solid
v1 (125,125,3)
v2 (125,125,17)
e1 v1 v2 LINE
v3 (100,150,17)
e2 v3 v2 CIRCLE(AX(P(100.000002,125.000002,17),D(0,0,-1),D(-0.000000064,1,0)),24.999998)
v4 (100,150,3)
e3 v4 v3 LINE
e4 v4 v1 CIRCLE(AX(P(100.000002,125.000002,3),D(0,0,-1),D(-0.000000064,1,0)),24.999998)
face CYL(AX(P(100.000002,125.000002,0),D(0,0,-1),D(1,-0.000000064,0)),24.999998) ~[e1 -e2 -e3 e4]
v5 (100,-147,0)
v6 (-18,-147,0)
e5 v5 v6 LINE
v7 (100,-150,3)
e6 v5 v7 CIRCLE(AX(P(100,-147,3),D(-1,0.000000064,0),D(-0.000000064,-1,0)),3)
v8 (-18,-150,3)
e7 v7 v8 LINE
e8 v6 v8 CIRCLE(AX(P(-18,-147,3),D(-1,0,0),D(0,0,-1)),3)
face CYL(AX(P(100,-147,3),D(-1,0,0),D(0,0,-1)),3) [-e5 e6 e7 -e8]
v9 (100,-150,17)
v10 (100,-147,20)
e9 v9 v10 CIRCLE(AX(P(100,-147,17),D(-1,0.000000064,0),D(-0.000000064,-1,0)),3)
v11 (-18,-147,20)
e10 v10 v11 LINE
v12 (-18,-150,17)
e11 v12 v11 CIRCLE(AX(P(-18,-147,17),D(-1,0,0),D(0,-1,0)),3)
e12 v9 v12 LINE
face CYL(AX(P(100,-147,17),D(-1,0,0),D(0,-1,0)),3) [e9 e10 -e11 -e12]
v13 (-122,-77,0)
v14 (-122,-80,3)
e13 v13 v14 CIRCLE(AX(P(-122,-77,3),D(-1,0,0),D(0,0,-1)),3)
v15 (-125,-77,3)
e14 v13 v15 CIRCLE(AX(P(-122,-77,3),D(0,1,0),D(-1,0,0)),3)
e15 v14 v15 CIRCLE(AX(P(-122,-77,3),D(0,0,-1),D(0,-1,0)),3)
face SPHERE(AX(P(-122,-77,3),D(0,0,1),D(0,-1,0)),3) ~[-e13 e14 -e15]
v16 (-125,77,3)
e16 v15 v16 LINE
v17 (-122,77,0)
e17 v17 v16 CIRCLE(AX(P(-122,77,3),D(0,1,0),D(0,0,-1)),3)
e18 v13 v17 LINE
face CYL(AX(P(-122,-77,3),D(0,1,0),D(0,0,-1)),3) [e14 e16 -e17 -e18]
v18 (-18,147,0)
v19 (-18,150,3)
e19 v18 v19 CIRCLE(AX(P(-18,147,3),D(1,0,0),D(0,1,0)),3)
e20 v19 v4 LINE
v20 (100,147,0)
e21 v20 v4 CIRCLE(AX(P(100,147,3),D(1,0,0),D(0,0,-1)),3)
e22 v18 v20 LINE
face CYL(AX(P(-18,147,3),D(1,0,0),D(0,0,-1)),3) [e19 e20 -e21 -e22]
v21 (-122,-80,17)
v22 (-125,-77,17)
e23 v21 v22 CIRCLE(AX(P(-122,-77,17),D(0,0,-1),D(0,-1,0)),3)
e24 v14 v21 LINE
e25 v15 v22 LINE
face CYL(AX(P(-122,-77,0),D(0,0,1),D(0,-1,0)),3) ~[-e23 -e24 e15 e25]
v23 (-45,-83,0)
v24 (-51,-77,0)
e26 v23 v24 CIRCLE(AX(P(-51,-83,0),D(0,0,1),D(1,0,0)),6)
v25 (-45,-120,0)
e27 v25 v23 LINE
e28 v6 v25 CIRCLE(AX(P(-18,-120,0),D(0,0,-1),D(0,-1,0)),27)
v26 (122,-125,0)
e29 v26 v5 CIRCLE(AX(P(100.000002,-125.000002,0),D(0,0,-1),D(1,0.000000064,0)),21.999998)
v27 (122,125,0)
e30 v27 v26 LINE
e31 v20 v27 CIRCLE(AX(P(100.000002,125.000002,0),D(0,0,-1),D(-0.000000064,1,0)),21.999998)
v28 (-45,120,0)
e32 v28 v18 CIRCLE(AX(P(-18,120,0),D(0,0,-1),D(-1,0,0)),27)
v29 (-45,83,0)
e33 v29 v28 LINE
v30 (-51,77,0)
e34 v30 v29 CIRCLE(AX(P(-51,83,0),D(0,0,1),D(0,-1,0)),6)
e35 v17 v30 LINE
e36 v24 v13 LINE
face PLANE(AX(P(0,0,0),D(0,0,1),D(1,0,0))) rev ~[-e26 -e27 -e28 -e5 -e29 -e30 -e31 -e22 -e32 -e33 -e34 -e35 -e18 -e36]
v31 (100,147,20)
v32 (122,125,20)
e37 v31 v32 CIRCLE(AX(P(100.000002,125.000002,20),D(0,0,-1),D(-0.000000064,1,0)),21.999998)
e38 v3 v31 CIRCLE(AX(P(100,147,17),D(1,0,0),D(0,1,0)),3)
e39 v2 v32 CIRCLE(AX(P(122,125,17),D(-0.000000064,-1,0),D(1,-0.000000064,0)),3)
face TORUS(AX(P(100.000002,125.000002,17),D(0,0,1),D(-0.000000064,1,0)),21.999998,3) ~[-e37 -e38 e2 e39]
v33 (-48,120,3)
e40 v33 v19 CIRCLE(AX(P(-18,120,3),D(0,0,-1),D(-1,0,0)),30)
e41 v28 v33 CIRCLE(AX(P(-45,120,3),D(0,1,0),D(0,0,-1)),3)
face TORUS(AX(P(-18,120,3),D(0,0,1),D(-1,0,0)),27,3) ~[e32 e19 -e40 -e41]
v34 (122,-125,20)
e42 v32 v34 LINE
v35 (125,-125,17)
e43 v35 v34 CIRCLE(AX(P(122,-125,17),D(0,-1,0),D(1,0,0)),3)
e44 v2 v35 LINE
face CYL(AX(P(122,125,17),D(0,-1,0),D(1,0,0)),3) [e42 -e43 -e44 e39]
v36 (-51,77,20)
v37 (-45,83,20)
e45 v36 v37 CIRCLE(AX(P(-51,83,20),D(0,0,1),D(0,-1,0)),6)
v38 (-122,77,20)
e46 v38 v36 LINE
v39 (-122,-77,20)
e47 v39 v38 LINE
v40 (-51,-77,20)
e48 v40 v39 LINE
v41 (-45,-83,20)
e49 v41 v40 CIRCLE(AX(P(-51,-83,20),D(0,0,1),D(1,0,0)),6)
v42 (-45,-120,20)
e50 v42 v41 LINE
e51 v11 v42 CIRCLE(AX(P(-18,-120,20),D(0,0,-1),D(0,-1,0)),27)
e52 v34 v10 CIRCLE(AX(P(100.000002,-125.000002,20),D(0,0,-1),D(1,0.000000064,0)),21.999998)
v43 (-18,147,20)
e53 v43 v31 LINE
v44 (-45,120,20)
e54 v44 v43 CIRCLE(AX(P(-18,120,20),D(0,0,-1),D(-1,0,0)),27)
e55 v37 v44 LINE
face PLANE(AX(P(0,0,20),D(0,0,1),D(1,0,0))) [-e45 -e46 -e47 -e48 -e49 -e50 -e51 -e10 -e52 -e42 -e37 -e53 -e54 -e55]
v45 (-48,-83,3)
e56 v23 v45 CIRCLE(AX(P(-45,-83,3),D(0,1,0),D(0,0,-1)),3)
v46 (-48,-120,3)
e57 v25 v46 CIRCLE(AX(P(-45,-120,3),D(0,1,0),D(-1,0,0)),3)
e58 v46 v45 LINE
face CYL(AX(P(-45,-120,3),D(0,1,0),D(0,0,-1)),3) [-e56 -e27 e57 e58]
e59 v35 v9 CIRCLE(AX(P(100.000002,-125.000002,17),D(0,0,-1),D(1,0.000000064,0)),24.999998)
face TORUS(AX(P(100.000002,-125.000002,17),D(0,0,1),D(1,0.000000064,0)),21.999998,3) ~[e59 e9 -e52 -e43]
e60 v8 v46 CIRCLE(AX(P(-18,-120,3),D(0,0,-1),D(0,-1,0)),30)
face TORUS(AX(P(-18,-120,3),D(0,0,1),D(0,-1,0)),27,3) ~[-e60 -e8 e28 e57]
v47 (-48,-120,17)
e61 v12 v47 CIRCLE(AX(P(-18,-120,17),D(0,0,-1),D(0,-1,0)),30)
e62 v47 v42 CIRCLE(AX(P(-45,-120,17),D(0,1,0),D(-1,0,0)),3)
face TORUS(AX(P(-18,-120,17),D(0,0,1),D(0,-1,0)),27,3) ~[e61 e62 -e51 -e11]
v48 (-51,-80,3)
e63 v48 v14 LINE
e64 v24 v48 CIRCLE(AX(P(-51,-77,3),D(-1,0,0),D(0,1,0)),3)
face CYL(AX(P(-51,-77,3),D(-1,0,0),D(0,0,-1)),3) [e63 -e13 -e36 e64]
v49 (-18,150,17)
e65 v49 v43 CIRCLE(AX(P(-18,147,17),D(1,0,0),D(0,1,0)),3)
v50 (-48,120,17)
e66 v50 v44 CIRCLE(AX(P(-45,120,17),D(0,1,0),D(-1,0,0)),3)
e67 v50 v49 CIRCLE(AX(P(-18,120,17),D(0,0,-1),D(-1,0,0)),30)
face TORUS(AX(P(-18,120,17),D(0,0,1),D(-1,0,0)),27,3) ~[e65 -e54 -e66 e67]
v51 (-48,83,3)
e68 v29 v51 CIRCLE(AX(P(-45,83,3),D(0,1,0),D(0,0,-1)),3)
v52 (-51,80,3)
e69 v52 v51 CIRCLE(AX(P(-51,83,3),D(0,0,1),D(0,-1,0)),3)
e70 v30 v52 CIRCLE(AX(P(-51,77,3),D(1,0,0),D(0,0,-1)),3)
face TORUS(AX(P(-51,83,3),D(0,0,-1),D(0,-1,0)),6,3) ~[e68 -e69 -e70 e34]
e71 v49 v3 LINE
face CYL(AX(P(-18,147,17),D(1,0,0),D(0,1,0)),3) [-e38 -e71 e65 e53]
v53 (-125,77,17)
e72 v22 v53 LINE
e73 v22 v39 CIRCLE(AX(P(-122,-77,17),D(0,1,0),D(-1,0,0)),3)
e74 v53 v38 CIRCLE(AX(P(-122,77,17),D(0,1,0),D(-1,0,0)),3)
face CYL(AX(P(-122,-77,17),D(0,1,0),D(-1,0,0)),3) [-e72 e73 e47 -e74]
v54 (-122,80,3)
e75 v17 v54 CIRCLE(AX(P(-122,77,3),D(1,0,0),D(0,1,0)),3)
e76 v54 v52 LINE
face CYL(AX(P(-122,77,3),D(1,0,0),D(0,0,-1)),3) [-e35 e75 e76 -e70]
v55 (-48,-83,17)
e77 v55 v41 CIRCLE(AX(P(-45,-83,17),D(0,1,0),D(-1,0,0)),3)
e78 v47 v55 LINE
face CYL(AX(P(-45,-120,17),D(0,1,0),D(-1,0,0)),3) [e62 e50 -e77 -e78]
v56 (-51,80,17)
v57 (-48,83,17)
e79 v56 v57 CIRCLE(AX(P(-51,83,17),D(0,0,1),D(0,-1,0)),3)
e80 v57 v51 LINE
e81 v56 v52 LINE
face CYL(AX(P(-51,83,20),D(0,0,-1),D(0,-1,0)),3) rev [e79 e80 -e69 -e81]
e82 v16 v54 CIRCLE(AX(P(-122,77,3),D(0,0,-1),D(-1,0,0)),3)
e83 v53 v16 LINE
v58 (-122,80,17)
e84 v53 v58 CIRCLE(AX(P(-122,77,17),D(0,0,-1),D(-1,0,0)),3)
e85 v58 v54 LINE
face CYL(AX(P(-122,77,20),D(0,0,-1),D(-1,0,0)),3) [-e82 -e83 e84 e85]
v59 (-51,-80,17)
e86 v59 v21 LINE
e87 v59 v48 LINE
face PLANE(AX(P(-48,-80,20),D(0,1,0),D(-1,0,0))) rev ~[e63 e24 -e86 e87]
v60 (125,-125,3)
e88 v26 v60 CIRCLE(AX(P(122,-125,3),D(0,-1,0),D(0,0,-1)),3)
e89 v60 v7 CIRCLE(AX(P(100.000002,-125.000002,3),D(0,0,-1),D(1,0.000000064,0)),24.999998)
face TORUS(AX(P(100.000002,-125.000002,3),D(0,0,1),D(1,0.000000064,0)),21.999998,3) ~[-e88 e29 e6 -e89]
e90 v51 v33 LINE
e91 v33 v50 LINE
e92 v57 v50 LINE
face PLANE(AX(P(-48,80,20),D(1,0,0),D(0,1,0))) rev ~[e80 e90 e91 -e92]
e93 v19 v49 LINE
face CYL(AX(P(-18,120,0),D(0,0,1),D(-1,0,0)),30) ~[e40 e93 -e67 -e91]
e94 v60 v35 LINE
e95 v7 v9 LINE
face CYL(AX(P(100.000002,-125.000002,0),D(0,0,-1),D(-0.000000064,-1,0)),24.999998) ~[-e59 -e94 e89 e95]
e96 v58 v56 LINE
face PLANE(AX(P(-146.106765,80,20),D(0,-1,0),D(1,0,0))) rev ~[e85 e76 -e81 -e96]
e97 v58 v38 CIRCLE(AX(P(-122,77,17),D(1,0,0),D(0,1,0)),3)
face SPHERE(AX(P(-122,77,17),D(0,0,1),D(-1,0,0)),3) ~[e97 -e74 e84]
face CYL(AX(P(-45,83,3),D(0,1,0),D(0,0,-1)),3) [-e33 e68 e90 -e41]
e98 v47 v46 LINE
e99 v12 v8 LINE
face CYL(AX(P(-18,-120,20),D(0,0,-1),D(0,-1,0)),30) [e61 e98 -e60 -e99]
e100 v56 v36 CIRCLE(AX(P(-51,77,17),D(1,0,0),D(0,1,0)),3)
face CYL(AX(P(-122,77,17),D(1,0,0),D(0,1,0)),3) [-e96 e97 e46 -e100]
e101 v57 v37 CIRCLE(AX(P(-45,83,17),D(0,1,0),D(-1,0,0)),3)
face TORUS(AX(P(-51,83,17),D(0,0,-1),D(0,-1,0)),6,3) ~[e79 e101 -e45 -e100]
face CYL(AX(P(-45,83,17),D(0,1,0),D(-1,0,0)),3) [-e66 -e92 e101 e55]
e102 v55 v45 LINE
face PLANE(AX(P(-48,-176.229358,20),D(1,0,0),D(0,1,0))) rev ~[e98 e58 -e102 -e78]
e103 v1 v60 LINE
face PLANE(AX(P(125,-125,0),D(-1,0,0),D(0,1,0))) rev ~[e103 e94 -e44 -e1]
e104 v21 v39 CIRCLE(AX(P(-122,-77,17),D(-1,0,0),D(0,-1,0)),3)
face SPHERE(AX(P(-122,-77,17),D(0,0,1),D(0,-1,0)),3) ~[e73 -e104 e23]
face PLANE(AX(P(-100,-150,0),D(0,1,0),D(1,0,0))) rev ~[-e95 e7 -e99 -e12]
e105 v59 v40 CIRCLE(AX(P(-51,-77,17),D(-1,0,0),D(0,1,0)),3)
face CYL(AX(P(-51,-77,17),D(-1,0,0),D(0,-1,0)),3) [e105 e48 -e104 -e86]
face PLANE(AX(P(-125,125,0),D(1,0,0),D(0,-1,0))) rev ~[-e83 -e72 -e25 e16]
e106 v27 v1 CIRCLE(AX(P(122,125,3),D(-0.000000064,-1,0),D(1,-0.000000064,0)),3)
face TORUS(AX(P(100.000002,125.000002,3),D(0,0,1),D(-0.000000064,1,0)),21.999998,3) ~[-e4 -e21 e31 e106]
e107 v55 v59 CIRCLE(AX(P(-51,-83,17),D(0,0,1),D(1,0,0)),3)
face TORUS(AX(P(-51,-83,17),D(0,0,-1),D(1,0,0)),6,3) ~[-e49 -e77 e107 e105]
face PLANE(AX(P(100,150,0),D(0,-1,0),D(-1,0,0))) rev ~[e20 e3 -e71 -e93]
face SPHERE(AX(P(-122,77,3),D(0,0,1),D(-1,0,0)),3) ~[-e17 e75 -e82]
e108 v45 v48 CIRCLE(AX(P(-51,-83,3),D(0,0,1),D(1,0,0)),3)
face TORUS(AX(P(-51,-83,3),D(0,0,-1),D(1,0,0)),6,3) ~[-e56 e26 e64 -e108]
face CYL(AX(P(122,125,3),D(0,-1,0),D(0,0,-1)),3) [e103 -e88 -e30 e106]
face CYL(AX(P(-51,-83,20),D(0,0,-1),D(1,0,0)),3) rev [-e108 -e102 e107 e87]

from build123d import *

# Parameters (mm, degrees)
F1_DEPTH = 20
F3_DEPTH = 25
F4_R     = 30
F5_R     = 3
F6_R     = 3


with BuildPart() as f1:
    # F0 (on Top) → F1 (new body)
    with BuildSketch(Plane.XY):
        with BuildLine():
            Line((-100, -150), (100, -150))
            ThreePointArc((100, -150), (117.67767, -142.67767), (125, -125))
            Line((125, -125), (125, 125))
            ThreePointArc((125, 125), (117.67767, 142.67767), (100, 150))
            Line((100, 150), (-100, 150))
            ThreePointArc((-100, 150), (-117.67767, 142.67767), (-125, 125))
            Line((-125, 125), (-125, -125))
            ThreePointArc((-125, -125), (-117.67767, -142.67767), (-100, -150))
        make_face()
    extrude(amount=F1_DEPTH)

    # F2 (on face) → F3 (cut)
    with BuildSketch(Plane.XY.offset(20)):
        with BuildLine():
            Line((-48, -80), (-125, -80))
            Line((-125, -80), (-125, -125))
            ThreePointArc((-125, -125), (-117.67767, -142.67767), (-100, -150))
            Line((-100, -150), (-48, -150))
            Line((-48, -150), (-48, -80))
        make_face()
        with BuildLine():
            Line((-125, -80), (-146.106765, -80))
            Line((-146.106765, -80), (-146.106765, -176.229358))
            Line((-146.106765, -176.229358), (-48, -176.229358))
            Line((-48, -176.229358), (-48, -150))
            Line((-48, -150), (-100, -150))
            ThreePointArc((-100, -150), (-117.67767, -142.67767), (-125, -125))
            Line((-125, -125), (-125, -80))
        make_face()
        with BuildLine():
            Line((-146.106765, 80), (-125, 80))
            Line((-125, 80), (-125, 125))
            ThreePointArc((-125, 125), (-117.67767, 142.67767), (-100, 150))
            Line((-100, 150), (-48, 150))
            Line((-48, 150), (-48, 176.229358))
            Line((-48, 176.229358), (-146.106765, 176.229358))
            Line((-146.106765, 176.229358), (-146.106765, 80))
        make_face()
        with BuildLine():
            Line((-125, 125), (-125, 80))
            Line((-125, 80), (-48, 80))
            Line((-48, 80), (-48, 150))
            Line((-48, 150), (-100, 150))
            ThreePointArc((-100, 150), (-117.67767, 142.67767), (-125, 125))
        make_face()
    extrude(amount=-F3_DEPTH, mode=Mode.SUBTRACT)

    # F4
    f4_edges = [f1.edges().sort_by_distance(p)[0] for p in [
        (-48, -150, 10),
        (-48, 150, 10),
    ]]
    fillet(f4_edges, radius=F4_R)

    # F5
    f5_edges = [f1.edges().sort_by_distance(p)[0] for p in [
        (-48, 80, 10),
        (-125, 80, 10),
        (-48, -80, 10),
        (-125, -80, 10),
    ]]
    fillet(f5_edges, radius=F5_R)

    # F6
    f6_edges = [f1.edges().sort_by_distance(p)[0] for p in [
        (-48, 101.5, 20),
        (-48.87868, 80.87868, 20),
        (-39.213203, 141.213203, 20),
        (-86.5, 80, 20),
        (41, 150, 20),
        (-124.12132, 79.12132, 20),
        (117.67767, 142.67767, 20),
        (-125, 0, 20),
        (125, 0, 20),
        (-124.12132, -79.12132, 20),
        (117.67767, -142.67767, 20),
        (-86.5, -80, 20),
        (41, -150, 20),
        (-48.87868, -80.87868, 20),
        (-39.213203, -141.213203, 20),
        (-48, -101.5, 20),
        (-48, 101.5, 0),
        (-48.87868, 80.87868, 0),
        (-39.213203, 141.213203, 0),
        (-86.5, 80, 0),
        (41, 150, 0),
        (-124.12132, 79.12132, 0),
        (117.67767, 142.67767, 0),
        (-125, 0, 0),
        (125, 0, 0),
        (-124.12132, -79.12132, 0),
        (117.67767, -142.67767, 0),
        (-86.5, -80, 0),
        (41, -150, 0),
        (-48.87868, -80.87868, 0),
        (-39.213203, -141.213203, 0),
        (-48, -101.5, 0),
    ]]
    fillet(f6_edges, radius=F6_R)


solid = f1.part
